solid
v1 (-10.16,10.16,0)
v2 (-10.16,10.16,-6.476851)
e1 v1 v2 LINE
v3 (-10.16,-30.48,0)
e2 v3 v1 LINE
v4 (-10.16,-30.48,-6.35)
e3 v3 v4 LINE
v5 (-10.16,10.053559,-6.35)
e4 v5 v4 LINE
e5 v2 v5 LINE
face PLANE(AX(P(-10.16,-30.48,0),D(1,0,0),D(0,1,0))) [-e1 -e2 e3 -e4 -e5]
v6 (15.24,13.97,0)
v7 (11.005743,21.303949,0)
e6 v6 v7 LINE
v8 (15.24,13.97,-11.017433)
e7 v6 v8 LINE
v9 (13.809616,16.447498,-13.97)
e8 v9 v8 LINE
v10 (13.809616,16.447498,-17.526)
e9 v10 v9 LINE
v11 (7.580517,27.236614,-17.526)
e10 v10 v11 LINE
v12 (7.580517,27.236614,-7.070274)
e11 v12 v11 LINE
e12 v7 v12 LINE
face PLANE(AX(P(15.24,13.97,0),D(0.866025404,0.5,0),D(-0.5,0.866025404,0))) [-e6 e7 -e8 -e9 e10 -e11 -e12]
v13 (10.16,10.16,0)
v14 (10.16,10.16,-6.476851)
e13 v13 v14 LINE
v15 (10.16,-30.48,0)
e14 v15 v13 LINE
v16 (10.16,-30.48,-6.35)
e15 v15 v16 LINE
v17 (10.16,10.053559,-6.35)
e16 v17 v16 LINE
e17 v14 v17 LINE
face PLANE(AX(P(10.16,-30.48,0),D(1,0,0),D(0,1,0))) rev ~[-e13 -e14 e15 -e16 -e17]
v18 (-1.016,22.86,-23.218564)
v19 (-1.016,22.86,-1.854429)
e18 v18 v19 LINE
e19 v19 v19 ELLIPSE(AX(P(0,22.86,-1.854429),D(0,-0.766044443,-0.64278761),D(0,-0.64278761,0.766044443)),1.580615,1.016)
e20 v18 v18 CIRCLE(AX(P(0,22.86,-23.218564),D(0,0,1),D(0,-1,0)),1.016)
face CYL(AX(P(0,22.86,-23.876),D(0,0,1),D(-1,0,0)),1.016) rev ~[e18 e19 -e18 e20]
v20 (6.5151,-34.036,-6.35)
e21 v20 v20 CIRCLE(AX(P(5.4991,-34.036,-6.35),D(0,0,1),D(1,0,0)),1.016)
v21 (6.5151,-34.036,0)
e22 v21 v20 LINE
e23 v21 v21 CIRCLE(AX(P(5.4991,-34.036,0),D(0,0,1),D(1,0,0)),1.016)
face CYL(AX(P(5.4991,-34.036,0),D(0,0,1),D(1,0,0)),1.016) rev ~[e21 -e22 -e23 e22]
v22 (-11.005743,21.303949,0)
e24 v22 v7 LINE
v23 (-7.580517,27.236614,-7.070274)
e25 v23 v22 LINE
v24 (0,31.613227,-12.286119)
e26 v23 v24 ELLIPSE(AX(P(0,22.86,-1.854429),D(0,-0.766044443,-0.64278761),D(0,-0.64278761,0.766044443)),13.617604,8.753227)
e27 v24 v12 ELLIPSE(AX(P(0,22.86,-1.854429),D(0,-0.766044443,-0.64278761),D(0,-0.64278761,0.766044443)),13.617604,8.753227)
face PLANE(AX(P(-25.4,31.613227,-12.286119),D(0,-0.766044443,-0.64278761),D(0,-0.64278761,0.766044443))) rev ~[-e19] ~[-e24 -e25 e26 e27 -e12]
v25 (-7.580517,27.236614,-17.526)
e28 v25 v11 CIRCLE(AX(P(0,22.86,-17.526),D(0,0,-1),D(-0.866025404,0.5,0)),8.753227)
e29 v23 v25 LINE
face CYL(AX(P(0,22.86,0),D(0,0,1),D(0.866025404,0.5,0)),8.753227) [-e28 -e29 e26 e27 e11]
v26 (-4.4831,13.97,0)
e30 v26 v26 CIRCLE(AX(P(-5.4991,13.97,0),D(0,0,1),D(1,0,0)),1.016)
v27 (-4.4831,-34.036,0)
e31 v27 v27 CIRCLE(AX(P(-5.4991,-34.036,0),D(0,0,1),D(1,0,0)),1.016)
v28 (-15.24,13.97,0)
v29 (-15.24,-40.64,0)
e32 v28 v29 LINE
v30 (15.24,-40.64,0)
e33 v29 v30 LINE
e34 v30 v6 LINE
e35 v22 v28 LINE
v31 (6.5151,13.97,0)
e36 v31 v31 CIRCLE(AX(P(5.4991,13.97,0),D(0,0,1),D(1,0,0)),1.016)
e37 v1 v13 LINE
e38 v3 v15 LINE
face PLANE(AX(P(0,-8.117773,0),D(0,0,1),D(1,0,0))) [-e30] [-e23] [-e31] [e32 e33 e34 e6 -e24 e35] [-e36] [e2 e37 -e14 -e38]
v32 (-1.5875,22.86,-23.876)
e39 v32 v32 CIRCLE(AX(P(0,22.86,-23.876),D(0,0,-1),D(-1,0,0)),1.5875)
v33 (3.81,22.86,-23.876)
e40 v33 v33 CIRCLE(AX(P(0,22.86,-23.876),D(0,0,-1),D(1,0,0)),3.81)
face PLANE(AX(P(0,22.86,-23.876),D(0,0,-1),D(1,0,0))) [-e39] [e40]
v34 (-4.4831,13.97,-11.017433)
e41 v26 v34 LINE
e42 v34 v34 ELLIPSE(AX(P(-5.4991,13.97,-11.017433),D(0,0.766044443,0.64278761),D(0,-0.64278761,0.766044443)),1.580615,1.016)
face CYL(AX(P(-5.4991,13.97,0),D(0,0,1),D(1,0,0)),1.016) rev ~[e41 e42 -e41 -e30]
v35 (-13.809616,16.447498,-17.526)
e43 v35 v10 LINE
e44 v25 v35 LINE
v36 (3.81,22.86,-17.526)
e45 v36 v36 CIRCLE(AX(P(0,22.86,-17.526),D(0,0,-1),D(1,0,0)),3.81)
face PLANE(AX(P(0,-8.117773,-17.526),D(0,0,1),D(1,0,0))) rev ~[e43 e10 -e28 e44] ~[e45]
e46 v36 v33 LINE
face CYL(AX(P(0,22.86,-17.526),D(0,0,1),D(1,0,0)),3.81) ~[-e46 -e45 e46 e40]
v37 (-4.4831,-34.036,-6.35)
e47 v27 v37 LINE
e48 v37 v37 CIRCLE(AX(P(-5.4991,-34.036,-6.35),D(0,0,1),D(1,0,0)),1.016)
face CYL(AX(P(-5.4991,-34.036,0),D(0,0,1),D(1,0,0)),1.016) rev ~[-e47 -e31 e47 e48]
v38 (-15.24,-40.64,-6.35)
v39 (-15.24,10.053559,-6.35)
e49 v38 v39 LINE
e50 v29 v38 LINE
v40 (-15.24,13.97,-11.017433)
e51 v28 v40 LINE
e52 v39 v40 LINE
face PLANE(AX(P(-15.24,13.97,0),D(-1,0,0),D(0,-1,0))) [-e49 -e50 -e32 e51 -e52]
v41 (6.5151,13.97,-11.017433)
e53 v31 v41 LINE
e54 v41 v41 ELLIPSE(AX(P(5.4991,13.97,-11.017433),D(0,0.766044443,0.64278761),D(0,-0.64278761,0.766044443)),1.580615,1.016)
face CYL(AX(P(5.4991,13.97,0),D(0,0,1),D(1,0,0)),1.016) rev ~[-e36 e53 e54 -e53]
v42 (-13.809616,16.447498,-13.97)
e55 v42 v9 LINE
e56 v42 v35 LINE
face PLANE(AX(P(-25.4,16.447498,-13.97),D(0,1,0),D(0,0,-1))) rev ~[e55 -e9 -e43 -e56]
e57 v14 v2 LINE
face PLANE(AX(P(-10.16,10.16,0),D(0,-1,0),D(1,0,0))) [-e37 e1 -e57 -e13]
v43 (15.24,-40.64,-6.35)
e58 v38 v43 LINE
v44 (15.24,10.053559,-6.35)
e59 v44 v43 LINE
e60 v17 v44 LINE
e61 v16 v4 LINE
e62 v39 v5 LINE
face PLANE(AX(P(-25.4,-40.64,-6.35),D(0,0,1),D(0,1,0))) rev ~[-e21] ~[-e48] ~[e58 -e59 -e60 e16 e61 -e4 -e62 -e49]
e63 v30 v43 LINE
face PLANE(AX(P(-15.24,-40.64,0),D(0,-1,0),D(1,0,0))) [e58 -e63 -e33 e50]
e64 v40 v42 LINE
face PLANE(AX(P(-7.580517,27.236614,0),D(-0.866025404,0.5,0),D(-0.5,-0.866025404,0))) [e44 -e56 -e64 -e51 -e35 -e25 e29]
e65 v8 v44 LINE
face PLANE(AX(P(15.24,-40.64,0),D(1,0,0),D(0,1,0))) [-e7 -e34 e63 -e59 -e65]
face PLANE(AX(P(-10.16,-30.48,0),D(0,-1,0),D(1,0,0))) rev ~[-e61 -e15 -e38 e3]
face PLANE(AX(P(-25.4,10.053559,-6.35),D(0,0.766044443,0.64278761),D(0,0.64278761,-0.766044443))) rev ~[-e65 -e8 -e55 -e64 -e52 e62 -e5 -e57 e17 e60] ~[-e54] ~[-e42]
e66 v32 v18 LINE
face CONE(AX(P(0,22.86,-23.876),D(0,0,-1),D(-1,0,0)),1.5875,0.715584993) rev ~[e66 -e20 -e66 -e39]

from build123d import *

# Parameters (mm, degrees)
F0_R           = 1.016
F0_W           = 20.32
F0_H           = 40.64
F2_DEPTH       = 17.526
F3_START       = -25.4
F3_DEPTH       = 40.641
F4_R           = 3.81
F5_DEPTH       = 6.35
F7_D           = 2.032
F7_CSINK_D     = 3.175
F7_CSINK_ANGLE = 82


with BuildPart() as f2:
    # F0 (on Top) → F2 (new body, through all)
    with BuildSketch(Plane.XY):
        with BuildLine():
            Line((-15.24, 13.97), (-15.24, -40.64))
            Line((-15.24, -40.64), (15.24, -40.64))
            Line((15.24, -40.64), (15.24, 13.97))
            Line((15.24, 13.97), (7.5805170802, 27.2366135768))
            ThreePointArc((7.5805170802, 27.2366135768), (0, 31.6132271537), (-7.5805170802, 27.2366135768))
            Line((-7.5805170802, 27.2366135768), (-15.24, 13.97))
        make_face()
        with Locations((-5.4991, -34.036)):
            Circle(F0_R, mode=Mode.SUBTRACT)
        with Locations((5.4991, -34.036)):
            Circle(F0_R, mode=Mode.SUBTRACT)
        with Locations((0, -10.16)):
            Rectangle(F0_W, F0_H, mode=Mode.SUBTRACT)
        with Locations((-5.4991, 13.97)):
            Circle(F0_R, mode=Mode.SUBTRACT)
        with Locations((5.4991, 13.97)):
            Circle(F0_R, mode=Mode.SUBTRACT)
    extrude(amount=-F2_DEPTH)

    # F1 (on Right) → F3 (intersect)
    with BuildSketch(Plane.YZ.offset(F3_START)):
        Polygon((21.3039489306, 0), (-40.64, 0), (-40.64, -6.35), (10.053559014, -6.35), (16.4474982036, -13.97), (16.4474982036, -17.526), (31.6132271537, -17.526), (31.6132271537, -12.2861193594), align=None)
    extrude(amount=F3_DEPTH, mode=Mode.INTERSECT)

    # F4 (on face) → F5 (join)
    with BuildSketch(Plane(origin=(0, 0, -17.526), x_dir=(1, 0, 0), z_dir=(0, 0, -1))):
        with Locations((0, -22.86)):
            Circle(F4_R)
    extrude(amount=F5_DEPTH)

    # F7 (through all)
    with Locations(Plane(origin=(0, 0, -23.876), x_dir=(1, 0, 0), z_dir=(0, 0, -1))):
        with Locations((0, -22.86)):
            CounterSinkHole(F7_D / 2, F7_CSINK_D / 2, counter_sink_angle=F7_CSINK_ANGLE)


solid = f2.part
